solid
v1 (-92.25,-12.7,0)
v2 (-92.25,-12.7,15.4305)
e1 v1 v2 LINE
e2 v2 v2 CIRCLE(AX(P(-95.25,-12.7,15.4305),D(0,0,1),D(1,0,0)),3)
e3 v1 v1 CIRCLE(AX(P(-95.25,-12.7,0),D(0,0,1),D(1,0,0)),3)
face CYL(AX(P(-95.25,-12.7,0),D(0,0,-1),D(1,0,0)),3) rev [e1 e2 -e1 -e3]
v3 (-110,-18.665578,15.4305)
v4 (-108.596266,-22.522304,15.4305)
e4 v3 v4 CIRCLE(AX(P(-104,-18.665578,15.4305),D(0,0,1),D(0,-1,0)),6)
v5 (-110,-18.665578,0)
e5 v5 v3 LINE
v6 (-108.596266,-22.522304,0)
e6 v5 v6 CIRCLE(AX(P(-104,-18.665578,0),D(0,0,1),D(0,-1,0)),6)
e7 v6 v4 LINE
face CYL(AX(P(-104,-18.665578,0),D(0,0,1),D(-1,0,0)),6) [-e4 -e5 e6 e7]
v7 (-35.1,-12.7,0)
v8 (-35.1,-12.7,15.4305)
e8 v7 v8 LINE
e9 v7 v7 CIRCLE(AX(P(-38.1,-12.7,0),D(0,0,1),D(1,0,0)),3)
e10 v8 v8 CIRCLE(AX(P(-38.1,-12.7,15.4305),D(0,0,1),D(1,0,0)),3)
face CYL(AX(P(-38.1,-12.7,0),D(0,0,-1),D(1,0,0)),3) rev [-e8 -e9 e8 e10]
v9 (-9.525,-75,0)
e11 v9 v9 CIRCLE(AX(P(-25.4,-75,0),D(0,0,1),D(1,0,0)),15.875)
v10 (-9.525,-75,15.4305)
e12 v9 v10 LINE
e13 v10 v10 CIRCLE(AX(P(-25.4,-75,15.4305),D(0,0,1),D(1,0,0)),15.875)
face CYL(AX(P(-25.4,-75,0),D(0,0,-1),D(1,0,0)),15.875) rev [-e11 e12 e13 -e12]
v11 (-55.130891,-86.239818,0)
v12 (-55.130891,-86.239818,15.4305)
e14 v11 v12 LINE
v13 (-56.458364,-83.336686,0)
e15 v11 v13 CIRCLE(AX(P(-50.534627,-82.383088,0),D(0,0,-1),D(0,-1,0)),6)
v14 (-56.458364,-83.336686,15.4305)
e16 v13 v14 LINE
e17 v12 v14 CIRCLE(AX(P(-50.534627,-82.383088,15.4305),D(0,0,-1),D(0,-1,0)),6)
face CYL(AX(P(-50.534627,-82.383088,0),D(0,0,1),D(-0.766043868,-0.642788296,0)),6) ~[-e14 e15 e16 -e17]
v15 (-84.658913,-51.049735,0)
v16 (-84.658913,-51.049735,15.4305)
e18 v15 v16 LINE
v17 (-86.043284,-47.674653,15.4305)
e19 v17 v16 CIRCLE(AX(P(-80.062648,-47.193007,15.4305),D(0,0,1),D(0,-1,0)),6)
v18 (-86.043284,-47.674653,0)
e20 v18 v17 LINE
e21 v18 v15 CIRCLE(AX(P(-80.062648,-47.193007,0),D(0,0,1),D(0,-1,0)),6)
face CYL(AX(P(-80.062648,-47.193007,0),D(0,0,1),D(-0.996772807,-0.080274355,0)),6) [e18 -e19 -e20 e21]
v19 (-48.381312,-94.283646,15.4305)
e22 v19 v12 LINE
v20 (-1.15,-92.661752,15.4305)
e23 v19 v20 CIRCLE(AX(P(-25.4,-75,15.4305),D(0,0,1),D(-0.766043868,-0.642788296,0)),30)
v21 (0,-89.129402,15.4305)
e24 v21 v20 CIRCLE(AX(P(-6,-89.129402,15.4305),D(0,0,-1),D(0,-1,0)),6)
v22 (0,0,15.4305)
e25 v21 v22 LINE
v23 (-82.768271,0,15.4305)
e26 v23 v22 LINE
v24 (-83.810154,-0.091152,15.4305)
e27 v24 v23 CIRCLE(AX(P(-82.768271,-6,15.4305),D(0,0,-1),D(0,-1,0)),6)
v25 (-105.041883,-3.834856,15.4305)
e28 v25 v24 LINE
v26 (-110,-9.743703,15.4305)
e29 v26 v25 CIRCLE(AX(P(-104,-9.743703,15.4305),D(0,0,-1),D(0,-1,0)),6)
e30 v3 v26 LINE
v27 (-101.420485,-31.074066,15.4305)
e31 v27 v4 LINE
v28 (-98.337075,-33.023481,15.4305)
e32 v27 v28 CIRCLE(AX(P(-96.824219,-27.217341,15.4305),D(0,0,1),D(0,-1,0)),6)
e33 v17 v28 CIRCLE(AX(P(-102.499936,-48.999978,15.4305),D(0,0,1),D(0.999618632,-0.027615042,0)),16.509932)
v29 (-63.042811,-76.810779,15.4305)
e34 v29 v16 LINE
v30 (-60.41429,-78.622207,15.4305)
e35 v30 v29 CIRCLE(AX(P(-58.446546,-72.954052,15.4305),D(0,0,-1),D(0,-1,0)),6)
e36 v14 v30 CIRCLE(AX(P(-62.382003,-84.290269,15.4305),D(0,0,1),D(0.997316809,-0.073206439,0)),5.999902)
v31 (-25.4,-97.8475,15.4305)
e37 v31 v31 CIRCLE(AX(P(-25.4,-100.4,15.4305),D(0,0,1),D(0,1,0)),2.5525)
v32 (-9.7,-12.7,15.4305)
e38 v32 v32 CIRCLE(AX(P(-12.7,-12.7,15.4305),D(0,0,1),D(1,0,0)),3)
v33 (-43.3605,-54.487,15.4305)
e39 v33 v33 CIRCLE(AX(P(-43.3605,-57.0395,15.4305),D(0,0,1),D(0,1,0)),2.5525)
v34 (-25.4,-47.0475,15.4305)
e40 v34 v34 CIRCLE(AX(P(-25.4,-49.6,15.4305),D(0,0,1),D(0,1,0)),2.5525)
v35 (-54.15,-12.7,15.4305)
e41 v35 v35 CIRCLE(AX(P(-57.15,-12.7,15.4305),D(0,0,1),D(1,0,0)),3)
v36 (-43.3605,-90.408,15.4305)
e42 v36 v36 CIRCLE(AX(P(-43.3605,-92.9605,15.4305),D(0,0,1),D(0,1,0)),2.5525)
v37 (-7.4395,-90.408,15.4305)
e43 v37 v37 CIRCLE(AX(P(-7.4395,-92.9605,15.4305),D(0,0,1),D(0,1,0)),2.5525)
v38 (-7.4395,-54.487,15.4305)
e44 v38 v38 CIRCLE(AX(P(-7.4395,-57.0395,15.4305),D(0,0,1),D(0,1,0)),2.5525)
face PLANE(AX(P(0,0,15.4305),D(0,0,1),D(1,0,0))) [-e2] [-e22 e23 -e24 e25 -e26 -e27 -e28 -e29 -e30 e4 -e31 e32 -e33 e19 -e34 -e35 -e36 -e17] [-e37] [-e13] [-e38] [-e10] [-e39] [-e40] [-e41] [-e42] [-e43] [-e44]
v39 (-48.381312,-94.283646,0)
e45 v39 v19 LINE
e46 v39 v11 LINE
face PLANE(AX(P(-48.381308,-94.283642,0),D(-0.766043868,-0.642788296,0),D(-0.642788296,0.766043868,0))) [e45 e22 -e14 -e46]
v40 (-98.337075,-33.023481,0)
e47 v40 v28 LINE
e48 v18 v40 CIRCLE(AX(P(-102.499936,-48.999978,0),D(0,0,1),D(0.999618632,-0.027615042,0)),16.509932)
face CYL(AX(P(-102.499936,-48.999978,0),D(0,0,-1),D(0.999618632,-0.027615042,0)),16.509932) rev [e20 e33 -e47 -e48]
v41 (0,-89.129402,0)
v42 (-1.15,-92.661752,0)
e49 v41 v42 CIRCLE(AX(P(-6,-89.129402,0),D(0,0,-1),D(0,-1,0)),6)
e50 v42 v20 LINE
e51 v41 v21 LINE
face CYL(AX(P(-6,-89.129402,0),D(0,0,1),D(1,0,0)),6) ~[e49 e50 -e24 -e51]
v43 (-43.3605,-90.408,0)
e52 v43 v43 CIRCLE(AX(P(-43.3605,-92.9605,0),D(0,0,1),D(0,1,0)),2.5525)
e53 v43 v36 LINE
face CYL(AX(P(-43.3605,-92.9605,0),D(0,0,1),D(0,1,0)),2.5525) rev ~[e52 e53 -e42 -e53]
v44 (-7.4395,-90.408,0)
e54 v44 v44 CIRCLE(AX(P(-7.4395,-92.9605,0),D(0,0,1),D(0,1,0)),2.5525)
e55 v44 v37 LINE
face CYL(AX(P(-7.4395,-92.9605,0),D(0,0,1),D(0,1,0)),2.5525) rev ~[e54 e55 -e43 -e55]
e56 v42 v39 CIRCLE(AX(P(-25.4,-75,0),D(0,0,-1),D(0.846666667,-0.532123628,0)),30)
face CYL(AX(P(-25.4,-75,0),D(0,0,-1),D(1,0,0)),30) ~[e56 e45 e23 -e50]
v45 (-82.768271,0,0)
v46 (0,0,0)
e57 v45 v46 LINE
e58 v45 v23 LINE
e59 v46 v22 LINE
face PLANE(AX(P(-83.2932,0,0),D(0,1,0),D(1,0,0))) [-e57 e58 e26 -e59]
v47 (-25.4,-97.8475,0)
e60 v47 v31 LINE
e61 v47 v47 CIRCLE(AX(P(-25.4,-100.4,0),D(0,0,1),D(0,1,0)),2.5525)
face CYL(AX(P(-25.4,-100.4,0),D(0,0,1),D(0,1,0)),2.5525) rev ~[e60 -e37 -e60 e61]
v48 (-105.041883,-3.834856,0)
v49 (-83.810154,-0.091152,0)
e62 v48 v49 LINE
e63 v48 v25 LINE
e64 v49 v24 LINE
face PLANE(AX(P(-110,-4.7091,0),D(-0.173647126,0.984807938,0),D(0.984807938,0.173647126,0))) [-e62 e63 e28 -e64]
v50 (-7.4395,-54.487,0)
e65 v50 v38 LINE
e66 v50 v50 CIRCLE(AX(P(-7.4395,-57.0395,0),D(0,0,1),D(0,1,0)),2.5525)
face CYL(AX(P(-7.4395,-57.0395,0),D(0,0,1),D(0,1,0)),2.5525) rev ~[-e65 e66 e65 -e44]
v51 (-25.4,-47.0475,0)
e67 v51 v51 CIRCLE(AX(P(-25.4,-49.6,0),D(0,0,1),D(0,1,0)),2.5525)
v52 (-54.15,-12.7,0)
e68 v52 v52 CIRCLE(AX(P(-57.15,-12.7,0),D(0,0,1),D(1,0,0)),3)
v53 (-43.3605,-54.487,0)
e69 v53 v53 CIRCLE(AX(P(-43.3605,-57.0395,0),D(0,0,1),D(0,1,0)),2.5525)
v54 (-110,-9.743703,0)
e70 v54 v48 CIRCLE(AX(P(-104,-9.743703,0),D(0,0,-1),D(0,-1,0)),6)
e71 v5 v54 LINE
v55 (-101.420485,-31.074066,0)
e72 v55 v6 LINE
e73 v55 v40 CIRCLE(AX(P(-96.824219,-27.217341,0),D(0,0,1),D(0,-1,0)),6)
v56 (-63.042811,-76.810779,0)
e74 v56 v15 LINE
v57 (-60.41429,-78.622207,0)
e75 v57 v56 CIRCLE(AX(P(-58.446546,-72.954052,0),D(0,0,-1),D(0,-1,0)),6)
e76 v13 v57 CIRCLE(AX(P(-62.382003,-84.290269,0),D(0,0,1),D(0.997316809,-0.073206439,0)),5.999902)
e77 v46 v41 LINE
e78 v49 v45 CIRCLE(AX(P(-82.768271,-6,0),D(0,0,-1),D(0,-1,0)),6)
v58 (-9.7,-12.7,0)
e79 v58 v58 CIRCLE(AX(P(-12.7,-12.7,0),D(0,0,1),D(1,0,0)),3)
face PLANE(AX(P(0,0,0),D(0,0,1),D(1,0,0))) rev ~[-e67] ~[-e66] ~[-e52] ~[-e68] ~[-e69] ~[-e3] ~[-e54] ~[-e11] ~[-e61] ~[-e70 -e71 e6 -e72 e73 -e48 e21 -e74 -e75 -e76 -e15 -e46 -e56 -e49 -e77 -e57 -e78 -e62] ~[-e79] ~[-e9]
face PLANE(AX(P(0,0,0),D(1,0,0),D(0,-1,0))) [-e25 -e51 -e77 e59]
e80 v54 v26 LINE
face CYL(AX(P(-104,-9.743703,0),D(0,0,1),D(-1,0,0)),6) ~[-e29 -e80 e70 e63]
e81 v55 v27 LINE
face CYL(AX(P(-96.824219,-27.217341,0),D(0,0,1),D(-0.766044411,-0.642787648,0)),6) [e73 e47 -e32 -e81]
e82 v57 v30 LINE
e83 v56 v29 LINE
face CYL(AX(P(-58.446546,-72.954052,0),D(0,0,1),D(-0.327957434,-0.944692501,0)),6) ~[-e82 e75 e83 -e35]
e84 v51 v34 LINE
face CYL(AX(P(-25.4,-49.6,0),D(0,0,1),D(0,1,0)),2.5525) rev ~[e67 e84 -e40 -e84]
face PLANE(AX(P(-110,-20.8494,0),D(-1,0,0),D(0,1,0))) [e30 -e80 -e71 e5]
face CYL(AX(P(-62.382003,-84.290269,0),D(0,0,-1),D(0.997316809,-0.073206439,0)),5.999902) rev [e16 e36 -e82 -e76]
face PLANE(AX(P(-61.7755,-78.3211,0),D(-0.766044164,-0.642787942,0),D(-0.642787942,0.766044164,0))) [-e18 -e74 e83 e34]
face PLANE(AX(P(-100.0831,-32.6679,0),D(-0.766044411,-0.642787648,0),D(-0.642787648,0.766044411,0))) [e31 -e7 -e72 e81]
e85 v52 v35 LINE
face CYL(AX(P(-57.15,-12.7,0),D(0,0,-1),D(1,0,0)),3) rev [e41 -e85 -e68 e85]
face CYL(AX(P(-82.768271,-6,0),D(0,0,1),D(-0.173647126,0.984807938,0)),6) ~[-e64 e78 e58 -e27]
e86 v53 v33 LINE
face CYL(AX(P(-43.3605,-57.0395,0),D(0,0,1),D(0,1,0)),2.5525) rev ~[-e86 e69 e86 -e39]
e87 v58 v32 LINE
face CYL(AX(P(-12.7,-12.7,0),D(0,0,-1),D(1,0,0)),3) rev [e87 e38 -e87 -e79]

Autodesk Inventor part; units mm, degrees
ref_plane "YZ Plane" through (0, 0, 0) normal (1, 0, 0) x (0, 1, 0)
ref_plane "XZ Plane" through (0, 0, 0) normal (0, 1, 0) x (-1, 0, 0)
ref_plane "XY Plane" through (0, 0, 0) normal (0, 0, 1) x (1, 0, 0)
sketch "Sketch1" plane through (0, 0, 0) normal (0, 0, 1) x (1, 0, 0)
  line L0 (-110, -20.8494) -> (-110, 0)
  line L1 (-110, 0) -> (0, 0)
  line L2 (0, 0) -> (0, -105)
  line L3 (0, -105) -> (-39.3892, -105)
  line L4 (-110, -20.8494) -> (-119.38, 0) construction
  line L5 (-119.38, 0) -> (-110, 0) construction
  line L6 (-50.8, -25.4) -> (0, -25.4) construction
  line L7 (0, -25.4) -> (0, 0) construction
  line L8 (0, 0) -> (-50.8, 0) construction
  line L9 (-50.8, 0) -> (-50.8, -25.4) construction
  line L10 (-50.8, -25.4) -> (0, 0) construction
  line L11 (0, -25.4) -> (-50.8, 0) construction
  circle A0 centre (-12.7, -12.7) radius 3
  circle A1 centre (-38.1, -12.7) radius 3
  circle A2 centre (-25.4, -75) radius 15.875
  circle A3 centre (-25.4, -75) radius 30
  line L12 (-50.8, -90.9637) -> (-50.8, -59.0363)
  line L13 (-110, -4.7091) -> (-83.2932, 0)
  arc A4 (-56.3982, -84.7295) -> (-61.7755, -78.3211) centre (-62.3821, -84.2903) ccw
  line L14 (-39.3892, -105) -> (-56.3982, -84.7295)
  arc A5 (-85.9963, -49.4559) -> (-100.0831, -32.6679) centre (-102.5, -49) ccw
  line L15 (-61.7755, -78.3211) -> (-85.9963, -49.4559)
  line L16 (-100.0831, -32.6679) -> (-110, -20.8494)
  circle A6 centre (-95.25, -12.7) radius 3
  circle A7 centre (-57.15, -12.7) radius 3
  point P0 (0, 0)
  point P1 (-25.4, -12.7)
  point P2 (-25.4, -25.4)
  point P3 (-50.8, -75)
  point P4 (0, -90.9637)
  point P5 (-110, -10.4247)
  point P6 (-48.3813, -94.2836)
  point P7 (0, -59.0363)
  point P8 (-25.4, -105)
  dimension "d1" = 119.38
  dimension "d2" = 50.8
  dimension "d3" = 25.4
  dimension "d4" = 25.4
  dimension "d5" = 12.7
  dimension "d6" = 6
  dimension "d7" = 6
  dimension "d11" = 110
  dimension "d12" = 60
  dimension "d13" = 25.4
  dimension "d14" = 25.4
  dimension "d17" = 20.8494
  dimension "d18" = 31.75
  dimension "d21" = 170
  dimension "d22" = 26.7068
  dimension "d24" = 86.6409
  dimension "d25" = 12
  dimension "d26" = 47.6179
  dimension "d28" = 81.3659
  dimension "d29" = 33.02
  dimension "d30" = 49
  dimension "d31" = 50
  dimension "d41" = 19.05
  dimension "d42" = 38.1
extrude "Extrusion1" add sketch "Sketch1" along normal blind 15.4305 contours L0 L13 L1 L2 A3 L14 A4 L15 A5 L16 | L2 A3 L12 | L12 A3
fillet "Fillet1" radius 6 8 edges at (0, -90.9637, 7.7153) (-110, -20.8494, 7.7153) (-110, -4.7091, 7.7153) (-83.2932, 0, 7.7153) (-56.3982, -84.7295, 7.7153) (-61.7755, -78.3211, 7.7153) (-85.9963, -49.4559, 7.7153) (-100.0831, -32.6679, 7.7153)
sketch "Sketch2" plane through (0, 0, 0) normal (0, 0, -1) x (-1, 0, 0)
  circle A0 centre (25.4, -75) radius 15.875 projected
  circle A1 centre (25.4, -75) radius 25.4
  line L0 (7.4395, -92.9605) -> (7.4395, -57.0395)
  line L1 (43.3605, -57.0395) -> (43.3605, -92.9605)
  line L2 (7.4395, -92.9605) -> (25.4, -75)
  line L3 (25.4, -75) -> (43.3605, -57.0395)
  point P0 (0, 0)
  point P1 (25.4, -100.4)
  point P2 (25.4, -49.6)
  dimension "d32" = 50.8
  dimension "d33" = 45
hole "Hole1" at (-7.4395, -92.9605, 0) at (-7.4395, -57.0395, 0) at (-43.3605, -57.0395, 0) at (-43.3605, -92.9605, 0) at (-25.4, -100.4, 0) at (-25.4, -49.6, 0) direction (0, 0, 1) diameter 5.105 end through all clearance for "Flat Head Machine Screw (82)" size "#10" standard "Ansi Unified Screw Threads"
equation "\"d5\" = 0.5 * d4"
equation "\"d7\" = d6"
equation "\"d14\" = d13"
properties part number "OUTSIDE_INTAKE_SPACERS" material "3D Print Material - chopped carbon Nylon12 (preferred)"
